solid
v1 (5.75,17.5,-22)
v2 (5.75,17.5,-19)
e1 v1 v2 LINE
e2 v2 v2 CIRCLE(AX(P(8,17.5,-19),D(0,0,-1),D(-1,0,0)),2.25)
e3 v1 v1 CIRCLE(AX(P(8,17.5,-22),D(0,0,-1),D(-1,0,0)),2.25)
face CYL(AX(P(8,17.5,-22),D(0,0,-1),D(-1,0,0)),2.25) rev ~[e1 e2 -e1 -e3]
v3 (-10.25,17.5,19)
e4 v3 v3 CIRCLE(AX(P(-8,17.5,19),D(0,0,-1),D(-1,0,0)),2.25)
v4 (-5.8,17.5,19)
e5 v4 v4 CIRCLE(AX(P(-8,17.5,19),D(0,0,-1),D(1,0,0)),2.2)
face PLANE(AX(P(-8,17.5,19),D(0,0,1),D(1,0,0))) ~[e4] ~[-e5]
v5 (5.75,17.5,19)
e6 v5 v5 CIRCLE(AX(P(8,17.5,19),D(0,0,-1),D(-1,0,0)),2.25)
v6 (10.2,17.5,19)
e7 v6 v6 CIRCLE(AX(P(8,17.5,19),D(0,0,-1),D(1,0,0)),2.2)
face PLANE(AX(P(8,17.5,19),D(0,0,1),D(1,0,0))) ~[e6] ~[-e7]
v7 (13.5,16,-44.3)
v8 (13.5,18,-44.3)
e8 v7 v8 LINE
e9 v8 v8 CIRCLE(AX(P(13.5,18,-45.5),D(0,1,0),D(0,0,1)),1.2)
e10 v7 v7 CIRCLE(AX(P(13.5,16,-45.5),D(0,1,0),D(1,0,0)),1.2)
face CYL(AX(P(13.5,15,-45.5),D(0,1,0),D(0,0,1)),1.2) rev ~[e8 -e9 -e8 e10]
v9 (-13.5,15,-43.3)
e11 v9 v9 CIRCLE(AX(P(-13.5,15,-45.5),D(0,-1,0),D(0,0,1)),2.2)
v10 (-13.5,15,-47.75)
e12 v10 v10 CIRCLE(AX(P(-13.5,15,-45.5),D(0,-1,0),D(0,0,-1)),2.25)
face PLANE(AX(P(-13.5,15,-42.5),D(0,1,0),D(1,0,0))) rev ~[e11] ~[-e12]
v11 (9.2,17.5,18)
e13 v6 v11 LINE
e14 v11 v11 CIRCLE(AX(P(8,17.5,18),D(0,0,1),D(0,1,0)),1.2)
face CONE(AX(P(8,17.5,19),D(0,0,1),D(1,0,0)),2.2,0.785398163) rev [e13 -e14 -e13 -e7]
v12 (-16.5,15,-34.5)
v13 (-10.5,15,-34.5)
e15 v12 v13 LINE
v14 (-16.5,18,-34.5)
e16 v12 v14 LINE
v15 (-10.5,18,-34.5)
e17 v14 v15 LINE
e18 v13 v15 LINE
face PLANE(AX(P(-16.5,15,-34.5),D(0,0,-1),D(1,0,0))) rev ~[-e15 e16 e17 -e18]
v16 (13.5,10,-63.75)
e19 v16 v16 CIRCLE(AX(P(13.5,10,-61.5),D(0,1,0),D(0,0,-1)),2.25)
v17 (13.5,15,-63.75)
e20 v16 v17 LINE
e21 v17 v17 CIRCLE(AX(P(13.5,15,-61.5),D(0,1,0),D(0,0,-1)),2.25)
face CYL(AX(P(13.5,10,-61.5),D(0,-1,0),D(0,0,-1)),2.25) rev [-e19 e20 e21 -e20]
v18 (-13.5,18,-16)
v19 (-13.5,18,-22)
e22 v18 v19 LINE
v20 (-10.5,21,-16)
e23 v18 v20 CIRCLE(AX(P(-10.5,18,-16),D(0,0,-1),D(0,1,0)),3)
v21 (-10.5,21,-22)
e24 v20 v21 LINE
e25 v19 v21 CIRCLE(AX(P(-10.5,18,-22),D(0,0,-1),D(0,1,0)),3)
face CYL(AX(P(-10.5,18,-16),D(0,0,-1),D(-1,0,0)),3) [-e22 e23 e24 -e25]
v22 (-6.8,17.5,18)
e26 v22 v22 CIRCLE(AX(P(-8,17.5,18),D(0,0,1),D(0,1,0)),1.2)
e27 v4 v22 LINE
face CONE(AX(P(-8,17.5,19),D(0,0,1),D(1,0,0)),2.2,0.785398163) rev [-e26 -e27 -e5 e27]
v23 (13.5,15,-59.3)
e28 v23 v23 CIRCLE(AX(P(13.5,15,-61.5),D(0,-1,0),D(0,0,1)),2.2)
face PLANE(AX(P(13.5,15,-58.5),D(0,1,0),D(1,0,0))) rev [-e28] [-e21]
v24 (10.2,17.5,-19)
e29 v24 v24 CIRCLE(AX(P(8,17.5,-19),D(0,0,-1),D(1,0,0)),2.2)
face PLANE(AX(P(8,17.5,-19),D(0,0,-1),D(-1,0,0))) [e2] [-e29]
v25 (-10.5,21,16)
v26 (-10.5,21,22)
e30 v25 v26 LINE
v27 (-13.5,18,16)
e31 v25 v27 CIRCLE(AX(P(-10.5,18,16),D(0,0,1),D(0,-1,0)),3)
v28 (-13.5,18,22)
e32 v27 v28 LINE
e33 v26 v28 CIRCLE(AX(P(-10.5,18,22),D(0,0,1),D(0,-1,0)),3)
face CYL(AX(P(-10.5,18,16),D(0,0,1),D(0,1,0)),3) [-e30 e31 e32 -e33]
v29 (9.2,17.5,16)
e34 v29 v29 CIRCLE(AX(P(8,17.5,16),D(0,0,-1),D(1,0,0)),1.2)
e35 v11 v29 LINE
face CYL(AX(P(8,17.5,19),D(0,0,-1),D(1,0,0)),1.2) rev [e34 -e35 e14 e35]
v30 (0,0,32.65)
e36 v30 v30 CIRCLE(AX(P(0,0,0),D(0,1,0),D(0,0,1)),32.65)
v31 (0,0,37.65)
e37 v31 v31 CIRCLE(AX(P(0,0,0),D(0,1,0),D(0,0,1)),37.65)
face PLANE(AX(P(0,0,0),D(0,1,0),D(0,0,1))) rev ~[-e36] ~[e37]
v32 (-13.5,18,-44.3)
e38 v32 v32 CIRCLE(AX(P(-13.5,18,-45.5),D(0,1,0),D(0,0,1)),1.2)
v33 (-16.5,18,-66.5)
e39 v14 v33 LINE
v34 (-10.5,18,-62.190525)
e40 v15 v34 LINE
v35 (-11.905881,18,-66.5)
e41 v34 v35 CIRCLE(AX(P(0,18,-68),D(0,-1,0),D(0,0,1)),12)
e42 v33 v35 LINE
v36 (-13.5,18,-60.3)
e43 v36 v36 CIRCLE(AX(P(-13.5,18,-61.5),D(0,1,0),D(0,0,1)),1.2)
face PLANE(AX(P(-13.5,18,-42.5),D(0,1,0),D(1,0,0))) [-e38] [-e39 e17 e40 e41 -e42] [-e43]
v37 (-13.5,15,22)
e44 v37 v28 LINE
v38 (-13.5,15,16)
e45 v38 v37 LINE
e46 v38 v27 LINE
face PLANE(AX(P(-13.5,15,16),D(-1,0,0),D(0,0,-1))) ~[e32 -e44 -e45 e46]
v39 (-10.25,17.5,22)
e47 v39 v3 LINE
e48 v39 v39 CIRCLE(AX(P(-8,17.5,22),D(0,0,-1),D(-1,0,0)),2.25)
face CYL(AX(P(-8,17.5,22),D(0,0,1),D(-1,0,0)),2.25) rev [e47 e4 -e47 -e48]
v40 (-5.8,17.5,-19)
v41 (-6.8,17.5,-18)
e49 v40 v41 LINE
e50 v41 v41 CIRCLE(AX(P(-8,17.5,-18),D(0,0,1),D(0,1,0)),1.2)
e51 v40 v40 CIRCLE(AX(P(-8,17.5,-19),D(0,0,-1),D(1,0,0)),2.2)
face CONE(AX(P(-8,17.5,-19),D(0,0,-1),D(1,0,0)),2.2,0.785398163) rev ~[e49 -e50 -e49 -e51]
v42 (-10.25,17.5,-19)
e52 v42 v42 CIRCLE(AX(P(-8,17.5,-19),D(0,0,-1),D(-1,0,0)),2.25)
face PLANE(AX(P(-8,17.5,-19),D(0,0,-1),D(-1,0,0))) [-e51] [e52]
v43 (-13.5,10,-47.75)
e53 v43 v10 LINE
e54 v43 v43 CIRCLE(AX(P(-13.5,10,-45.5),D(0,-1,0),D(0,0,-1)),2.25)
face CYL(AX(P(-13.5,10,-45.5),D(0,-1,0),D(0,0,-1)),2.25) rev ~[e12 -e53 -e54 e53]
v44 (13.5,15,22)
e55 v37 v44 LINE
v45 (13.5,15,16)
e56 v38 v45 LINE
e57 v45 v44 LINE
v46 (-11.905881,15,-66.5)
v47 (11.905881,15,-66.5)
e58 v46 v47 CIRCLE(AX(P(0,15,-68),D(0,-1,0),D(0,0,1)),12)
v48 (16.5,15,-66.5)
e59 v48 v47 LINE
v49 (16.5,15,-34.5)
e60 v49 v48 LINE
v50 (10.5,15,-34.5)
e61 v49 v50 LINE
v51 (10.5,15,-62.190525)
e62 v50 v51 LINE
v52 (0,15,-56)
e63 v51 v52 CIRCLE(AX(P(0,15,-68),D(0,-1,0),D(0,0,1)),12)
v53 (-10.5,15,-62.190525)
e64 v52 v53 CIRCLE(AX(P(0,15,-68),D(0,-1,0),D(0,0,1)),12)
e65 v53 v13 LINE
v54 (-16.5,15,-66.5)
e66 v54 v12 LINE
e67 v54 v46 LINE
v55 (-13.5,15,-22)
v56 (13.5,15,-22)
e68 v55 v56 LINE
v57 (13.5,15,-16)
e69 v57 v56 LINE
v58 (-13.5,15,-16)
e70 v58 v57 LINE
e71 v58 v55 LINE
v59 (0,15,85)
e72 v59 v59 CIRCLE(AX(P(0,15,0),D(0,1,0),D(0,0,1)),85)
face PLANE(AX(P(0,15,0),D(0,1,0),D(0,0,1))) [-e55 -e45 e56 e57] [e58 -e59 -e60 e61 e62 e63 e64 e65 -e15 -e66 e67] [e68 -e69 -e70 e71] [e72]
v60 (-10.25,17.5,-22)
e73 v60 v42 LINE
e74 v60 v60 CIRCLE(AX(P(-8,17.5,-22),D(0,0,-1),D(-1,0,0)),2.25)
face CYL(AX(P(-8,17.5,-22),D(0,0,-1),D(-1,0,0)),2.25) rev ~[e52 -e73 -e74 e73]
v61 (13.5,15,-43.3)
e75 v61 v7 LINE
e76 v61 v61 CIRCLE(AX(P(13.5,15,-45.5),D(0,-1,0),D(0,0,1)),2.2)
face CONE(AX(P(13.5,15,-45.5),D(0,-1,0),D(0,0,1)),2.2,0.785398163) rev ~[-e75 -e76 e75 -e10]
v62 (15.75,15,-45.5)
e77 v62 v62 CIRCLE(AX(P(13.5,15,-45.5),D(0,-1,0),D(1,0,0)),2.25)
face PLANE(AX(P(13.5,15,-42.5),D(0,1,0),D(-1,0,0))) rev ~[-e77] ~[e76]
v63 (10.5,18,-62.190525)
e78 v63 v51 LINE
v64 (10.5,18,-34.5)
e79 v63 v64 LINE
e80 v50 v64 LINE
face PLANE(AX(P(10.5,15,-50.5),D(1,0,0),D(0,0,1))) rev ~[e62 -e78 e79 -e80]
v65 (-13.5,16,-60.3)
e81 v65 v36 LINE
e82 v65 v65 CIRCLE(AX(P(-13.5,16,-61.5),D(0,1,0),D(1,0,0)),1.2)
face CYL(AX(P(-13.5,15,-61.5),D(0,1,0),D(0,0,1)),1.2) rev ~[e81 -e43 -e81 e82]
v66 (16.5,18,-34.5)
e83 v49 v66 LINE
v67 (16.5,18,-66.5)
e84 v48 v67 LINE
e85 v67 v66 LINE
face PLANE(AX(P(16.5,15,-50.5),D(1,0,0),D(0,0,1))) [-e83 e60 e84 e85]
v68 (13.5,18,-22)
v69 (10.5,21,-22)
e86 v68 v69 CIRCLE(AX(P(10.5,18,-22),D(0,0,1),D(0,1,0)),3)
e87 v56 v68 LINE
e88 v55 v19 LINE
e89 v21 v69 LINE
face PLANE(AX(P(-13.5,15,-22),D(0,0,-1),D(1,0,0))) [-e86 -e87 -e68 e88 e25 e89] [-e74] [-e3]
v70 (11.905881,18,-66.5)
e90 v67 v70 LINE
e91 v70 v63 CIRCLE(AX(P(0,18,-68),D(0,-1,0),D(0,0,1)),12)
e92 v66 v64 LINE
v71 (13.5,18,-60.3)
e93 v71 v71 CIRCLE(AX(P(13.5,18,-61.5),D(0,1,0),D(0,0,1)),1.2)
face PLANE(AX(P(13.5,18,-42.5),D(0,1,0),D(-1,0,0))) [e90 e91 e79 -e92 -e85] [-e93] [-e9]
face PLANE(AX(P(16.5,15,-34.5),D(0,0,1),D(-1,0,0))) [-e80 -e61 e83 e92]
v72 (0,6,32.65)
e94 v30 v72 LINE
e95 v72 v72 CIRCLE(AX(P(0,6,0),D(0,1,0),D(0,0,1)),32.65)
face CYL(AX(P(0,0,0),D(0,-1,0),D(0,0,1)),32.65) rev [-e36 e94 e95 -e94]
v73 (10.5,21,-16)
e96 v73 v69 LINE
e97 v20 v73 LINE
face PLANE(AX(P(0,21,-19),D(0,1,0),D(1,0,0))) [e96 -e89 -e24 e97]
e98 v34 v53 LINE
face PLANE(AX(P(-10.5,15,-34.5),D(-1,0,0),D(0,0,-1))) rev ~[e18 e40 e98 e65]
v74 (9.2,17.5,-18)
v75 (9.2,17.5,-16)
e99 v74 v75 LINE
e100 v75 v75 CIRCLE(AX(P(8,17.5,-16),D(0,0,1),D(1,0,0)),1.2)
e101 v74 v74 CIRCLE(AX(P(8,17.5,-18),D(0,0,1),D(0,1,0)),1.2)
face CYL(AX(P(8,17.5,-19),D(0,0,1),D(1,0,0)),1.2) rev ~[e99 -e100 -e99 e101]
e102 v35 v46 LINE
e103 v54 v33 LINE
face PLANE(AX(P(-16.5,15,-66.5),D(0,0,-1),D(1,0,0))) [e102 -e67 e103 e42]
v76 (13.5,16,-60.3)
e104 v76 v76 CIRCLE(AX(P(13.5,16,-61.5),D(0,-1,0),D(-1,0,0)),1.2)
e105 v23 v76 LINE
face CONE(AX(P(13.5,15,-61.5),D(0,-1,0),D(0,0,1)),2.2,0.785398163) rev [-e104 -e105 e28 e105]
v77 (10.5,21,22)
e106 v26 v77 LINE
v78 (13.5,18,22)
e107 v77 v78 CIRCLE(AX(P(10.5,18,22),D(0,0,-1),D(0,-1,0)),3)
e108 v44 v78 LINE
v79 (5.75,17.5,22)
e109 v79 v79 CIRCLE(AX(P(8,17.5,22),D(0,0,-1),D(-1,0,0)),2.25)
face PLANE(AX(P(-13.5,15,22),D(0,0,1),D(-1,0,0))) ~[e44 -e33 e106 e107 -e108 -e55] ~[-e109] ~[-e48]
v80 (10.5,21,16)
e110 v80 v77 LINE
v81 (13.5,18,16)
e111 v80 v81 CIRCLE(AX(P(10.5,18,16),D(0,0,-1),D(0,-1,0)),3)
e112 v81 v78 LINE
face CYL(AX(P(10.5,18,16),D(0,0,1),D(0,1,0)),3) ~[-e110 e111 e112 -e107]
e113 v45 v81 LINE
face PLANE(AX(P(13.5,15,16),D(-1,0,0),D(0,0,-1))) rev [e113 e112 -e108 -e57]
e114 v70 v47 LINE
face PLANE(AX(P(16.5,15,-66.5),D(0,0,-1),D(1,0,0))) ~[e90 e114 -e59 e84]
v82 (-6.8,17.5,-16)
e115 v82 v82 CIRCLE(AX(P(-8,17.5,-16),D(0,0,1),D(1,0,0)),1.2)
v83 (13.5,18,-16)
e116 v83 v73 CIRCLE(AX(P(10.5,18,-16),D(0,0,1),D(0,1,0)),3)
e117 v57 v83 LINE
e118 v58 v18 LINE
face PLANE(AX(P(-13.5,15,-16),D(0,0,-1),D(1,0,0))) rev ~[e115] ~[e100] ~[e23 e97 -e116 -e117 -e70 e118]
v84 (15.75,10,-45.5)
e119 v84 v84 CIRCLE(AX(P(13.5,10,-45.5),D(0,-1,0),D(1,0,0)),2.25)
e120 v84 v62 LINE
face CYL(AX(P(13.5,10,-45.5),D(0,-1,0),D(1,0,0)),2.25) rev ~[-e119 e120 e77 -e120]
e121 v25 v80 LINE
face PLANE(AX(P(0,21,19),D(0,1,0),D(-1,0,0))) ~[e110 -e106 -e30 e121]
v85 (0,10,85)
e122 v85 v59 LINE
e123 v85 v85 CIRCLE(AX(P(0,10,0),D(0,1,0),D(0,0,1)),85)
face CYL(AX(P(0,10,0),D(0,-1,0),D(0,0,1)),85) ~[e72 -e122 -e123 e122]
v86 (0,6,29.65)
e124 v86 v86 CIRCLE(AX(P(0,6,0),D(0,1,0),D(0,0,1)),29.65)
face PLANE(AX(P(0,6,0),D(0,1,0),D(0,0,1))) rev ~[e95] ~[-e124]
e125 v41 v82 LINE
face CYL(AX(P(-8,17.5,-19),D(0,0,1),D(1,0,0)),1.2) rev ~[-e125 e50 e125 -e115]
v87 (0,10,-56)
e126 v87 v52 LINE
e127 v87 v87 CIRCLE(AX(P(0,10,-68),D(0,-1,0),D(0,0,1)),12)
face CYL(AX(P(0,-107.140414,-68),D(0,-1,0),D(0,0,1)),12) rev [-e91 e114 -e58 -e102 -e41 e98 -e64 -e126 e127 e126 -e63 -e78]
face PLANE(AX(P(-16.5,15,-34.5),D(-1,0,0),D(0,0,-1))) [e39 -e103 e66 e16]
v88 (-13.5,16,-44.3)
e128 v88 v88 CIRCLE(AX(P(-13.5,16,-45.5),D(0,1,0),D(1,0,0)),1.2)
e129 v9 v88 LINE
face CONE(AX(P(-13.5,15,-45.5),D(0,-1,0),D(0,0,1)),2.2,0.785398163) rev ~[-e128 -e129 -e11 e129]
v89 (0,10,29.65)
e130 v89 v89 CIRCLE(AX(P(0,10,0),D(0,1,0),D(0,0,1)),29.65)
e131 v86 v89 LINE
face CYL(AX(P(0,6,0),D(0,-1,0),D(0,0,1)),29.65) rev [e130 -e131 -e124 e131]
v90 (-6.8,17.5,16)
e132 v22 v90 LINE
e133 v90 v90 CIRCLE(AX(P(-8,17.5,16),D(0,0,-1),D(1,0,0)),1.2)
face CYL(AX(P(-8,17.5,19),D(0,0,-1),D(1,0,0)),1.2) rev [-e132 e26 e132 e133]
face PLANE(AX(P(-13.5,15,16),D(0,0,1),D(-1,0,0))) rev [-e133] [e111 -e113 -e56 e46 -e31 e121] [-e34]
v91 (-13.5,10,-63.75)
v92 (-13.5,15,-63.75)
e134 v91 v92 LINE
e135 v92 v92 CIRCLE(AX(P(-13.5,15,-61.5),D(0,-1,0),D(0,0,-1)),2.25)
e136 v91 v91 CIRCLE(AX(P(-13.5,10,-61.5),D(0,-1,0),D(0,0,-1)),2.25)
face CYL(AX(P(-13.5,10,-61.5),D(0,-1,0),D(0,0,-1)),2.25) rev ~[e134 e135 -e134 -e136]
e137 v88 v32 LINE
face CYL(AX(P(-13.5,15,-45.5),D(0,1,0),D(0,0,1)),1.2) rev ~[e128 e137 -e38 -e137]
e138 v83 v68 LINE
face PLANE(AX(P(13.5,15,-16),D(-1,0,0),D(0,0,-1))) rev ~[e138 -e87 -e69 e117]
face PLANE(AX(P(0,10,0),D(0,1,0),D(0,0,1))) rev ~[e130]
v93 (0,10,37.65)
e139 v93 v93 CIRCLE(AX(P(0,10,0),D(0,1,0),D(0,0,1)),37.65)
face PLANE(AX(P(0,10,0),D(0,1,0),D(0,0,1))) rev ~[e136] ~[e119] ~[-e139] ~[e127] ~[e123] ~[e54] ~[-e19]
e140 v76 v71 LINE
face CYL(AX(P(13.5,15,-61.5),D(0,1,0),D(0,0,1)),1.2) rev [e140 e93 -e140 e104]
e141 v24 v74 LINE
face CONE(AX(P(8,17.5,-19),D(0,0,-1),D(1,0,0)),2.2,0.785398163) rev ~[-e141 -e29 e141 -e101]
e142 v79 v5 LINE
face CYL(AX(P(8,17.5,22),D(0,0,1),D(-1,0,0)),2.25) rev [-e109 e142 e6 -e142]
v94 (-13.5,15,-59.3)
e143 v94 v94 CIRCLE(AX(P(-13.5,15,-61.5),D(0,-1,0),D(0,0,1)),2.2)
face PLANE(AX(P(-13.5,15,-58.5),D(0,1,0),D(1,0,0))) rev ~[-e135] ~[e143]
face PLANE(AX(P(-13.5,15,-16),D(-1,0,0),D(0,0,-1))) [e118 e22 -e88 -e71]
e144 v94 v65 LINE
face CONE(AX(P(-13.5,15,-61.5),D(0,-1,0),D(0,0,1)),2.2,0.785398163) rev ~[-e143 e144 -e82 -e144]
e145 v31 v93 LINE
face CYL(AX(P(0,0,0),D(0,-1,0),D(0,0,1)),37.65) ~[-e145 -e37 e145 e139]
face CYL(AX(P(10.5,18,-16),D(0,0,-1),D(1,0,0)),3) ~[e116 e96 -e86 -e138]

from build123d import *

# Parameters (mm, degrees)
SKETCH1_R                                           = 37.65
SKETCH1_R_2                                         = 32.65
BOSS_EXTRUDE1_DEPTH                                 = 10
BOSS_EXTRUDE2_START                                 = -4
SKETCH2_R                                           = 32.65
SKETCH2_R_2                                         = 29.65
BOSS_EXTRUDE2_DEPTH                                 = 4
SKETCH3_R                                           = 85
BOSS_EXTRUDE3_DEPTH                                 = 5
SKETCH4_W                                           = 27
SKETCH4_H                                           = 6
BOSS_EXTRUDE4_DEPTH                                 = 6
FILLET1_R                                           = 3
SKETCH6_R                                           = 2.25
CUT_EXTRUDE1_DEPTH                                  = 3
CSK_FOR_M2_COUNTERSUNK_FLAT_HEAD_SCREW1_D           = 2.4
CSK_FOR_M2_COUNTERSUNK_FLAT_HEAD_SCREW1_CSINK_D     = 4.4
CSK_FOR_M2_COUNTERSUNK_FLAT_HEAD_SCREW1_CSINK_ANGLE = 90
FILLET1_OF_MIRROR1_R                                = 3
SKETCH8_R                                           = 2.25
CUT_EXTRUDE2_DEPTH                                  = 5
SKETCH11_W                                          = 6
SKETCH11_H                                          = 16
BOSS_EXTRUDE5_DEPTH                                 = 3
CSK_FOR_M2_COUNTERSUNK_FLAT_HEAD_SCREW2_D           = 2.4
CSK_FOR_M2_COUNTERSUNK_FLAT_HEAD_SCREW2_CSINK_D     = 4.4
CSK_FOR_M2_COUNTERSUNK_FLAT_HEAD_SCREW2_CSINK_ANGLE = 90
LPATTERN1_COUNT                                     = 2
LPATTERN1_PITCH                                     = 16
LPATTERN1_COPY_1_SKETCH_R                           = 2.25
LPATTERN1_COPY_1_DEPTH                              = 5
LPATTERN1_COPY_2_SKETCH_W                           = 6
LPATTERN1_COPY_2_SKETCH_H                           = 16
LPATTERN1_COPY_2_DEPTH                              = 3
LPATTERN1_COPY_3_D                                  = 2.4
LPATTERN1_COPY_3_CSINK_D                            = 4.4
LPATTERN1_COPY_3_CSINK_ANGLE                        = 90
CUT_EXTRUDE3_DEPTH                                  = 122.140414396
CUT_EXTRUDE3_DEPTH_BACK                             = 122.140414396
SKETCH12_R                                          = 12


with BuildPart() as part:
    # Sketch1 → Boss-Extrude1 (new body)
    with BuildSketch(Plane(origin=(0, 0, 0), x_dir=(1, 0, 0), z_dir=(0, 1, 0))):
        with Locations(Location((0, 0, 0), (0, 0, 270))):
            Circle(SKETCH1_R)
        with Locations(Location((0, 0, 0), (0, 0, 270))):
            Circle(SKETCH1_R_2, mode=Mode.SUBTRACT)
    extrude(amount=BOSS_EXTRUDE1_DEPTH)

    # Sketch2 → Boss-Extrude2 (add)
    with BuildSketch(Plane(origin=(0, 10, 0), x_dir=(1, 0, 0), z_dir=(0, 1, 0)).offset(BOSS_EXTRUDE2_START)):
        with Locations(Location((0, 0, 0), (0, 0, 270))):
            Circle(SKETCH2_R)
        with Locations(Location((0, 0, 0), (0, 0, 270))):
            Circle(SKETCH2_R_2, mode=Mode.SUBTRACT)
    extrude(amount=BOSS_EXTRUDE2_DEPTH)

    # Sketch3 → Boss-Extrude3 (add)
    with BuildSketch(Plane(origin=(0, 10, 0), x_dir=(1, 0, 0), z_dir=(0, 1, 0))):
        with Locations(Location((0, 0, 0), (0, 0, 270))):
            Circle(SKETCH3_R)
    extrude(amount=BOSS_EXTRUDE3_DEPTH)

    # Sketch4 → Boss-Extrude4 (add)
    with BuildSketch(Plane(origin=(0, 15, 0), x_dir=(1, 0, 0), z_dir=(0, 1, 0))):
        with Locations((0, 19)):
            Rectangle(SKETCH4_W, SKETCH4_H)
    boss_extrude4 = extrude(amount=BOSS_EXTRUDE4_DEPTH)

    # Fillet1
    fillet1_edges = [part.edges().sort_by_distance(p)[0] for p in [
        (-13.5, 21, -19),
        (13.5, 21, -19),
    ]]
    fillet(fillet1_edges, radius=FILLET1_R)

    # Sketch6 → Cut-Extrude1 (cut)
    with BuildSketch(Plane(origin=(0, 0, -22), x_dir=(-1, 0, 0), z_dir=(0, 0, -1))):
        with Locations((-8, 17.5)):
            Circle(SKETCH6_R)
        with Locations((8, 17.5)):
            Circle(SKETCH6_R)
    cut_extrude1 = extrude(amount=-CUT_EXTRUDE1_DEPTH, mode=Mode.SUBTRACT)

    # CSK for M2 Countersunk Flat Head Screw1 (through all)
    with Locations(Plane(origin=(8, 17.5, -19), x_dir=(-1, 0, 0), z_dir=(0, 0, -1))):
        with Locations((0, 0), (16, 0)):
            csk_for_m2_countersunk_flat_head_screw1 = CounterSinkHole(CSK_FOR_M2_COUNTERSUNK_FLAT_HEAD_SCREW1_D / 2, CSK_FOR_M2_COUNTERSUNK_FLAT_HEAD_SCREW1_CSINK_D / 2, counter_sink_angle=CSK_FOR_M2_COUNTERSUNK_FLAT_HEAD_SCREW1_CSINK_ANGLE)

    # Mirror1: Boss-Extrude4, Cut-Extrude1, CSK for M2 Countersunk Flat Head Screw1 across plane
    add(boss_extrude4.mirror(Plane.XY))
    add(cut_extrude1.mirror(Plane.XY), mode=Mode.SUBTRACT)
    add(csk_for_m2_countersunk_flat_head_screw1.mirror(Plane.XY), mode=Mode.SUBTRACT)

    # Fillet1 of Mirror1
    fillet1_of_mirror1_edges = [part.edges().sort_by_distance(p)[0] for p in [
        (-13.5, 21, 19),
        (13.5, 21, 19),
    ]]
    fillet(fillet1_of_mirror1_edges, radius=FILLET1_OF_MIRROR1_R)

    # Sketch8 → Cut-Extrude2 (cut)
    with BuildSketch(Plane(origin=(0, 10, 0), x_dir=(-1, 0, 0), z_dir=(0, -1, 0))):
        with Locations(Location((13.5, 61.5, 0), (0, 0, 90))):
            Circle(SKETCH8_R)
    cut_extrude2 = extrude(amount=-CUT_EXTRUDE2_DEPTH, mode=Mode.SUBTRACT)

    # Sketch11 → Boss-Extrude5 (add)
    with BuildSketch(Plane(origin=(0, 15, 0), x_dir=(1, 0, 0), z_dir=(0, 1, 0))):
        with Locations((-13.5, 58.5)):
            Rectangle(SKETCH11_W, SKETCH11_H)
    boss_extrude5 = extrude(amount=BOSS_EXTRUDE5_DEPTH)

    # CSK for M2 Countersunk Flat Head Screw2 (through all)
    with Locations(Plane(origin=(-13.5, 15, -61.5), x_dir=(0, 0, -1), z_dir=(0, -1, 0))):
        with Locations((0, 0)):
            csk_for_m2_countersunk_flat_head_screw2 = CounterSinkHole(CSK_FOR_M2_COUNTERSUNK_FLAT_HEAD_SCREW2_D / 2, CSK_FOR_M2_COUNTERSUNK_FLAT_HEAD_SCREW2_CSINK_D / 2, counter_sink_angle=CSK_FOR_M2_COUNTERSUNK_FLAT_HEAD_SCREW2_CSINK_ANGLE)

    # Mirror2: Cut-Extrude2, Boss-Extrude5, CSK for M2 Countersunk Flat Head Screw2 across plane
    add(cut_extrude2.mirror(Plane(origin=(0, 0, 0), x_dir=(0, 0, 1), z_dir=(1, 0, 0))), mode=Mode.SUBTRACT)
    add(boss_extrude5.mirror(Plane(origin=(0, 0, 0), x_dir=(0, 0, 1), z_dir=(1, 0, 0))))
    add(csk_for_m2_countersunk_flat_head_screw2.mirror(Plane(origin=(0, 0, 0), x_dir=(0, 0, 1), z_dir=(1, 0, 0))), mode=Mode.SUBTRACT)

    # LPattern1: Cut-Extrude2, Boss-Extrude5, CSK for M2 Countersunk Flat Head Screw2 ×2
    with Locations(*[(0, 0, i * LPATTERN1_PITCH) for i in range(1, LPATTERN1_COUNT)]):
        add(cut_extrude2, mode=Mode.SUBTRACT)
        add(boss_extrude5)
        add(csk_for_m2_countersunk_flat_head_screw2, mode=Mode.SUBTRACT)

    # LPattern1 copy 1 sketch → LPattern1 copy 1 (cut)
    with BuildSketch(Plane(origin=(0, 10, 16), x_dir=(1, 0, 0), z_dir=(0, -1, 0))):
        with Locations((13.5, -61.5)):
            Circle(LPATTERN1_COPY_1_SKETCH_R)
    extrude(amount=-LPATTERN1_COPY_1_DEPTH, mode=Mode.SUBTRACT)

    # LPattern1 copy 2 sketch → LPattern1 copy 2 (add)
    with BuildSketch(Plane(origin=(0, 15, 16), x_dir=(-1, 0, 0), z_dir=(0, 1, 0))):
        with Locations((-13.5, -58.5)):
            Rectangle(LPATTERN1_COPY_2_SKETCH_W, LPATTERN1_COPY_2_SKETCH_H)
    extrude(amount=LPATTERN1_COPY_2_DEPTH)

    # LPattern1 copy 3 (through all)
    with Locations(Plane(origin=(13.5, 15, -45.5), x_dir=(0, 0, -1), z_dir=(0, -1, 0))):
        with Locations((0, 0)):
            CounterSinkHole(LPATTERN1_COPY_3_D / 2, LPATTERN1_COPY_3_CSINK_D / 2, counter_sink_angle=LPATTERN1_COPY_3_CSINK_ANGLE)

    # Sketch12 → Cut-Extrude3 (cut, two sides: drawn at the far end of the back side and taken through both)
    with BuildSketch(Plane(origin=(0, 15, 0), x_dir=(1, 0, 0), z_dir=(0, 1, 0)).offset(-CUT_EXTRUDE3_DEPTH_BACK)):
        with Locations(Location((0, 68, 0), (0, 0, 270))):
            Circle(SKETCH12_R)
    extrude(amount=CUT_EXTRUDE3_DEPTH + CUT_EXTRUDE3_DEPTH_BACK, mode=Mode.SUBTRACT)


solid = part.part
